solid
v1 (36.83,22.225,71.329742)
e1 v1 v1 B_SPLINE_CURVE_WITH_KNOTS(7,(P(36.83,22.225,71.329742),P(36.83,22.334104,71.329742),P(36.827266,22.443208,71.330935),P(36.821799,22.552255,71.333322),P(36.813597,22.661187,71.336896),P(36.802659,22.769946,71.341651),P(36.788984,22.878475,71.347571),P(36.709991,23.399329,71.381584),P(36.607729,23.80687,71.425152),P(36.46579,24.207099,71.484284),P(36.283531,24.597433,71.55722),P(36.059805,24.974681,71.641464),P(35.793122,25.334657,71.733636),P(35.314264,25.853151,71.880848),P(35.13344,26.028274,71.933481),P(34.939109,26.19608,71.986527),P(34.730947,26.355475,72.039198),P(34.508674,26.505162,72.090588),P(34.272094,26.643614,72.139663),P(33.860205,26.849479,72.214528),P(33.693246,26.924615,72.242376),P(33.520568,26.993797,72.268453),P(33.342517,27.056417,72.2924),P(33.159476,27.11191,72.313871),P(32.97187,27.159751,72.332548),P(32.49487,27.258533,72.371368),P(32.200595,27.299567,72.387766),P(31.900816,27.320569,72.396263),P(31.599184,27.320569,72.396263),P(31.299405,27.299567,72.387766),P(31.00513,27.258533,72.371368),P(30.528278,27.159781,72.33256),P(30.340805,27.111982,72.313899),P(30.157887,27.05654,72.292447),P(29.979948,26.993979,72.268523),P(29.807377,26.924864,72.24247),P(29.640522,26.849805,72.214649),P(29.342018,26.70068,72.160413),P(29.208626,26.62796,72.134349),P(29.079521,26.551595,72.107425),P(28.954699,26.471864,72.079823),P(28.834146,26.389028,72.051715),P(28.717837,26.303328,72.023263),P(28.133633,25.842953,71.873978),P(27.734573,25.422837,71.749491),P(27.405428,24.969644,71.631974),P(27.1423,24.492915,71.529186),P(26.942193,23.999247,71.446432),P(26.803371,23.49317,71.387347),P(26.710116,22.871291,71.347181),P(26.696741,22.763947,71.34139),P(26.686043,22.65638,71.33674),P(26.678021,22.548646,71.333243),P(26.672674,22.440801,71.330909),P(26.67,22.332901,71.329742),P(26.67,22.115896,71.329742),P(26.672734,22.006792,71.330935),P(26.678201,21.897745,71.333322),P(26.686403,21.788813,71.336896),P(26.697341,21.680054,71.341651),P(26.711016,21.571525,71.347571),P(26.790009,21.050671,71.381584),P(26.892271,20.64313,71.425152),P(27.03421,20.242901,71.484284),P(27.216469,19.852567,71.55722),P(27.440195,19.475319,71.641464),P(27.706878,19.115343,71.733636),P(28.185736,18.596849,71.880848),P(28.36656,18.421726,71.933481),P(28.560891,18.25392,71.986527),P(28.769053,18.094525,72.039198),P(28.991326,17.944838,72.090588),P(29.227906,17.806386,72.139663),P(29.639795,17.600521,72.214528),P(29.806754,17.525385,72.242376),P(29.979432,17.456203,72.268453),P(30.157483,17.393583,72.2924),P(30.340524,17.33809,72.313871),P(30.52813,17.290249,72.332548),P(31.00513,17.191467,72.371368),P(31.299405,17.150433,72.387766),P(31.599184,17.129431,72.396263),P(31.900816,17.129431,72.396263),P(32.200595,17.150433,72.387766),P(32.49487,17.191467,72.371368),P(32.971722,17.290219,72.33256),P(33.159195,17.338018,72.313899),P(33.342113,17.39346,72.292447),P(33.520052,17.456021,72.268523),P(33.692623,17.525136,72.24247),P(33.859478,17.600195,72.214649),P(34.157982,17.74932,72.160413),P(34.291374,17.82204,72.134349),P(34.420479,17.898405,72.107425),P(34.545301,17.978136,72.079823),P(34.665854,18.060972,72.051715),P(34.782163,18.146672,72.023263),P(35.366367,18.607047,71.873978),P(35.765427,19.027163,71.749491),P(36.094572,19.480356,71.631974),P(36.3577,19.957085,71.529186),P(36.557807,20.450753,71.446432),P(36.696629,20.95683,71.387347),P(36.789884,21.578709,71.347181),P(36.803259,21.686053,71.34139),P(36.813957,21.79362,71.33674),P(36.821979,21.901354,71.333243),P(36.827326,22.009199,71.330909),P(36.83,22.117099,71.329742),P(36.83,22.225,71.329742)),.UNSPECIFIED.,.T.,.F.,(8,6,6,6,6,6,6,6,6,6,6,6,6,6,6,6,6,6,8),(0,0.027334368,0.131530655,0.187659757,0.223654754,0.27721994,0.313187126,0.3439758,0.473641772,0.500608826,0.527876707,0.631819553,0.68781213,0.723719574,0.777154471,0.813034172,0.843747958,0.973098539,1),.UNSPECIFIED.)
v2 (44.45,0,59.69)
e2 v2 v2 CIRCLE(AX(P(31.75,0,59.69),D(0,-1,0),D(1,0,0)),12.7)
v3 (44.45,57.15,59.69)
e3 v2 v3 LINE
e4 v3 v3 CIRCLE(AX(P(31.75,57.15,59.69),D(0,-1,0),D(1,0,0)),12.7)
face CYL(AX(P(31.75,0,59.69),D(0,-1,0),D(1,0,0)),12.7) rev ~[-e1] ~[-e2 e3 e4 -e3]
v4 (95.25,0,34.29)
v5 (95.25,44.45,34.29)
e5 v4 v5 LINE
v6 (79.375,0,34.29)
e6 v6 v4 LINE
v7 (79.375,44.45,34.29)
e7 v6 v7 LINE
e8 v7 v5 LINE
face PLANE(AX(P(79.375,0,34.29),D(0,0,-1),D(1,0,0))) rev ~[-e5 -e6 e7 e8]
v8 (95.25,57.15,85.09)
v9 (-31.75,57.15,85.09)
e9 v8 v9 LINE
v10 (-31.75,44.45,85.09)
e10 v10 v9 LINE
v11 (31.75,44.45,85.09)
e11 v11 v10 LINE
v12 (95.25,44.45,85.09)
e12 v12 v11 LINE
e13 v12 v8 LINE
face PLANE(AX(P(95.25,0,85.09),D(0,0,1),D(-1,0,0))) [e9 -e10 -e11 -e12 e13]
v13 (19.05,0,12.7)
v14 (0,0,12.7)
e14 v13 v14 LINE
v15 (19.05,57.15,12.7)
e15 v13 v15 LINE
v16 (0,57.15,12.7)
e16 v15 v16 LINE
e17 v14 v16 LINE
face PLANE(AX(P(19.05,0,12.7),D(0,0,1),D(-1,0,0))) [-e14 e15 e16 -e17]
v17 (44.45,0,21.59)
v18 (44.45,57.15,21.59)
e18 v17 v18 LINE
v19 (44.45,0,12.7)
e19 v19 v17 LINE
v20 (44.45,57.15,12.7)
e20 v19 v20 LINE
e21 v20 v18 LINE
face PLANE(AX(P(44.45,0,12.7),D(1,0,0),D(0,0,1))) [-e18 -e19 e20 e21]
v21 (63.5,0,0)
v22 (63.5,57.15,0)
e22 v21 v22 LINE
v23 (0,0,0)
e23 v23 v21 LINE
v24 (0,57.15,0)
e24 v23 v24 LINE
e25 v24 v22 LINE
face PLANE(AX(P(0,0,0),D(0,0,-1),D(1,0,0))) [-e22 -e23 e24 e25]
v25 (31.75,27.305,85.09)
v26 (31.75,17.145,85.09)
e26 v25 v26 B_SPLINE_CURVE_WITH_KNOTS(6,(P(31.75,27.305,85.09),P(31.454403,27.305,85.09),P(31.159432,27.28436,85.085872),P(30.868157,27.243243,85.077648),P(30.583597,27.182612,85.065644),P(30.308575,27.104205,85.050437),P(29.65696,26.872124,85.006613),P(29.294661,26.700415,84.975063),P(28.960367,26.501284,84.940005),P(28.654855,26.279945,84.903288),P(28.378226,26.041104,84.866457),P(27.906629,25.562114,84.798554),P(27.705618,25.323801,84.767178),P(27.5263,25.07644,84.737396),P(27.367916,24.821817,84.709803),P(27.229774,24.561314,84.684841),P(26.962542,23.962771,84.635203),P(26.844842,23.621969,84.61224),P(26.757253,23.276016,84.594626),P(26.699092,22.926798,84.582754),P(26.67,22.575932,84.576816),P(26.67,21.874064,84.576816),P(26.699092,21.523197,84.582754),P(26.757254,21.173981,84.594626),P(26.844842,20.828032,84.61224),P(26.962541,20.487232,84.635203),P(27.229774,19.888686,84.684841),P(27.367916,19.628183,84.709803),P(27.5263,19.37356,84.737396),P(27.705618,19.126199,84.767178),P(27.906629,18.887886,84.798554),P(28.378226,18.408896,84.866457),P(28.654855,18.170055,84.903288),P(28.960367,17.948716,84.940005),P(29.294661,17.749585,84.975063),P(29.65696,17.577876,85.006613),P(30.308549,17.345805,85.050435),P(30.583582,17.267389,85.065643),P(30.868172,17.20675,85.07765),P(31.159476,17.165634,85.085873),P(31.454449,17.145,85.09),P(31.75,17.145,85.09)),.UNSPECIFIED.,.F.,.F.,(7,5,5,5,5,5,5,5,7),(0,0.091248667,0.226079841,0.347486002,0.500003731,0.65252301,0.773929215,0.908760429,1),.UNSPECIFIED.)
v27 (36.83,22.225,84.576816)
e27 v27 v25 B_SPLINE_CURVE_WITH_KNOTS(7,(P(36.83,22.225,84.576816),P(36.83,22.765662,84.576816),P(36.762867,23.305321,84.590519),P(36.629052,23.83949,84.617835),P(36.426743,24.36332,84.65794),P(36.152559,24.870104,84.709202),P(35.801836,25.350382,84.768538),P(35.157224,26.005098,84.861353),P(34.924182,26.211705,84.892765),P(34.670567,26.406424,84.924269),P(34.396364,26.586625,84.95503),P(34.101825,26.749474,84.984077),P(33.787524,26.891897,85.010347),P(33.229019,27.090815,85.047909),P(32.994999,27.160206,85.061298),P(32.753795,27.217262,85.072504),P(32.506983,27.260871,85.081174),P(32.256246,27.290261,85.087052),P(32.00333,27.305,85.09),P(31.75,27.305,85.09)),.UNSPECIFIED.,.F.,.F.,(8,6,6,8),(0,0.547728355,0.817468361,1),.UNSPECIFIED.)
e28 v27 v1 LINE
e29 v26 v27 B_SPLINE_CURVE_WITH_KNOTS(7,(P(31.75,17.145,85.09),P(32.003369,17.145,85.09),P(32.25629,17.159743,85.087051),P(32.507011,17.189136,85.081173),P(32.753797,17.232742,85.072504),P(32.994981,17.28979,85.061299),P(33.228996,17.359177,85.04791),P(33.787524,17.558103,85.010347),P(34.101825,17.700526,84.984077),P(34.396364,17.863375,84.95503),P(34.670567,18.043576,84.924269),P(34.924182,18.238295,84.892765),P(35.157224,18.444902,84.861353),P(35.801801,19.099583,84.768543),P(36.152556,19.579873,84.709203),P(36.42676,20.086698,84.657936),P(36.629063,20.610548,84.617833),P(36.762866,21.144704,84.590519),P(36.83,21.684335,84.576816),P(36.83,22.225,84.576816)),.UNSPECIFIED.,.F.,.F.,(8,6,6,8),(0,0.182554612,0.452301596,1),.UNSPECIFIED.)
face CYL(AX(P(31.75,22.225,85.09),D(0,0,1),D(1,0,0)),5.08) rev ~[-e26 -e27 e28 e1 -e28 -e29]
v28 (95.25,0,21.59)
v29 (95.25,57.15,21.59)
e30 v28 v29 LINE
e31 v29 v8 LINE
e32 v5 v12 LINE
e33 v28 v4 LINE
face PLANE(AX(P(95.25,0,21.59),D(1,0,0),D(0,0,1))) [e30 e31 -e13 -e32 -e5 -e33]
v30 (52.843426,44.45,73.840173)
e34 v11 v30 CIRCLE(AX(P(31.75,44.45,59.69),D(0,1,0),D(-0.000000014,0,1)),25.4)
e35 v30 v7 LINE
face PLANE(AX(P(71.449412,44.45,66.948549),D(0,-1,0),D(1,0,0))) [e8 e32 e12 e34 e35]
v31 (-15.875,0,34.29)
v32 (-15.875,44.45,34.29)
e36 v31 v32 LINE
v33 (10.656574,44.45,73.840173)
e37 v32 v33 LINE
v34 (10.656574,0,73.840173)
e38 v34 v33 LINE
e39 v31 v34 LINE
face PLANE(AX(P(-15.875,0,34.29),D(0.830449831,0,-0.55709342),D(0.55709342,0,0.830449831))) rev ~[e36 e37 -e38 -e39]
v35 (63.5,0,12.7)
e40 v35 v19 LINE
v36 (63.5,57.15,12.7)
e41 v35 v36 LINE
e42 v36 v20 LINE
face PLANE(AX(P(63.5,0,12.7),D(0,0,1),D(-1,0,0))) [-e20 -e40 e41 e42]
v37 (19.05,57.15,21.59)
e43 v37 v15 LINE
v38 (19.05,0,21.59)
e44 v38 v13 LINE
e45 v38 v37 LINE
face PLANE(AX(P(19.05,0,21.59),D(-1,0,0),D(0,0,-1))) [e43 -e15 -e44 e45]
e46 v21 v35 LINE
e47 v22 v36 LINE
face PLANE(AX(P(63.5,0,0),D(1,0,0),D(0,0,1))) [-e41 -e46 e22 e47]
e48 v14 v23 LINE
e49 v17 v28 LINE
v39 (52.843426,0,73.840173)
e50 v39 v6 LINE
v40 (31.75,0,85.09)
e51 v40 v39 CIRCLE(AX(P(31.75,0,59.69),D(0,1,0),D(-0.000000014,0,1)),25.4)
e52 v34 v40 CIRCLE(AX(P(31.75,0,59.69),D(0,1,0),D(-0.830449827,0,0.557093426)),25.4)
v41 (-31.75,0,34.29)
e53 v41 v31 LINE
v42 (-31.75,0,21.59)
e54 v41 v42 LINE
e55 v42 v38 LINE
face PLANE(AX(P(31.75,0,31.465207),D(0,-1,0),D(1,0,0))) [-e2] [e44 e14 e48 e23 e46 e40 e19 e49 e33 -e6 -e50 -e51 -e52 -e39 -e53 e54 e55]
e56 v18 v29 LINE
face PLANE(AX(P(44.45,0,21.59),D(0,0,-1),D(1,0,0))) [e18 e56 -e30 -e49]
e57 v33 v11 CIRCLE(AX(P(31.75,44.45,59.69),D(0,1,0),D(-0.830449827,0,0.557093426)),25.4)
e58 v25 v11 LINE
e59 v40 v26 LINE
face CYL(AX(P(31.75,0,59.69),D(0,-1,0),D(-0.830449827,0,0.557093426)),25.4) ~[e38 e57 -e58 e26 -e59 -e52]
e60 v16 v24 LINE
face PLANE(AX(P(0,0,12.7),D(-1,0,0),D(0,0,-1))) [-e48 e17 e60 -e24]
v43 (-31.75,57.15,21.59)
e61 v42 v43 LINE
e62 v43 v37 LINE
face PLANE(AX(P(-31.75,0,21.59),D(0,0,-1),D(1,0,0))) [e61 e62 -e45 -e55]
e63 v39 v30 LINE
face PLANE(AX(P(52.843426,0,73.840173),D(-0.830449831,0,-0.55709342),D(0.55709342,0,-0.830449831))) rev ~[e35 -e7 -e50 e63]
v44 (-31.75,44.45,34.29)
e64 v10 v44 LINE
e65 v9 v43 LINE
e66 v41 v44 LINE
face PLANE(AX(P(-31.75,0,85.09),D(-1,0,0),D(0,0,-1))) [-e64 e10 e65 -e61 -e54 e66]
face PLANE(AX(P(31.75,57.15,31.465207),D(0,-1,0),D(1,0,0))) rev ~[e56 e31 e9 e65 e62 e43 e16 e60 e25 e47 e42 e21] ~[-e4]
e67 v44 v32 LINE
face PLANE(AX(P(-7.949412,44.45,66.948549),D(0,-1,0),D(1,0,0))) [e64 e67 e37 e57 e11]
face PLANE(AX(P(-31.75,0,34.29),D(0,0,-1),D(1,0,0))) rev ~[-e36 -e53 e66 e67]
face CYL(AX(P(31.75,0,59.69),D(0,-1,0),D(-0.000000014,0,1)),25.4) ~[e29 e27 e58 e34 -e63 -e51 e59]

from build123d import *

# Parameters (mm, degrees)
F0_R     = 12.7
F1_DEPTH = 57.15
F2_DEPTH = 44.45
F3_R     = 5.08
F4_DEPTH = 25.4


with BuildPart() as f1:
    # F0 (on Front) → F1 (new body)
    with BuildSketch(Plane.XZ):
        with BuildLine():
            Line((0, 12.7), (0, 0))
            Line((0, 0), (63.5, 0))
            Line((63.5, 0), (63.5, 12.7))
            Line((63.5, 12.7), (44.45, 12.7))
            Line((44.45, 12.7), (44.45, 21.59))
            Line((44.45, 21.59), (95.25, 21.59))
            Line((95.25, 21.59), (95.25, 34.29))
            Line((95.25, 34.29), (79.375, 34.29))
            Line((79.375, 34.29), (52.843426, 73.840173))
            ThreePointArc((52.843426, 73.840173), (43.702941, 82.101765), (31.75, 85.09))
            ThreePointArc((31.75, 85.09), (19.797059, 82.101765), (10.656574, 73.840173))
            Line((10.656574, 73.840173), (-15.875, 34.29))
            Line((-15.875, 34.29), (-31.75, 34.29))
            Line((-31.75, 34.29), (-31.75, 21.59))
            Line((-31.75, 21.59), (19.05, 21.59))
            Line((19.05, 21.59), (19.05, 12.7))
            Line((19.05, 12.7), (0, 12.7))
        make_face()
        with Locations((31.75, 59.69)):
            Circle(F0_R, mode=Mode.SUBTRACT)
        with BuildLine():
            Line((-31.75, 85.09), (-31.75, 34.29))
            Line((-31.75, 34.29), (-15.875, 34.29))
            Line((-15.875, 34.29), (10.656574, 73.840173))
            ThreePointArc((10.656574, 73.840173), (19.797059, 82.101765), (31.75, 85.09))
            Line((31.75, 85.09), (-31.75, 85.09))
        make_face()
        with BuildLine():
            Line((79.375, 34.29), (95.25, 34.29))
            Line((95.25, 34.29), (95.25, 85.09))
            Line((95.25, 85.09), (31.75, 85.09))
            ThreePointArc((31.75, 85.09), (43.702941, 82.101765), (52.843426, 73.840173))
            Line((52.843426, 73.840173), (79.375, 34.29))
        make_face()
    extrude(amount=-F1_DEPTH)

    # F0 (on Front) → F2 (cut)
    with BuildSketch(Plane.XZ):
        with BuildLine():
            Line((79.375, 34.29), (95.25, 34.29))
            Line((95.25, 34.29), (95.25, 85.09))
            Line((95.25, 85.09), (31.75, 85.09))
            ThreePointArc((31.75, 85.09), (43.702941, 82.101765), (52.843426, 73.840173))
            Line((52.843426, 73.840173), (79.375, 34.29))
        make_face()
        with BuildLine():
            Line((-31.75, 85.09), (-31.75, 34.29))
            Line((-31.75, 34.29), (-15.875, 34.29))
            Line((-15.875, 34.29), (10.656574, 73.840173))
            ThreePointArc((10.656574, 73.840173), (19.797059, 82.101765), (31.75, 85.09))
            Line((31.75, 85.09), (-31.75, 85.09))
        make_face()
    extrude(amount=-F2_DEPTH, mode=Mode.SUBTRACT)

    # F3 (on face) → F4 (cut)
    with BuildSketch(Plane.XY.offset(85.09)):
        with Locations((31.75, 22.225)):
            Circle(F3_R)
    extrude(amount=-F4_DEPTH, mode=Mode.SUBTRACT)


solid = f1.part
